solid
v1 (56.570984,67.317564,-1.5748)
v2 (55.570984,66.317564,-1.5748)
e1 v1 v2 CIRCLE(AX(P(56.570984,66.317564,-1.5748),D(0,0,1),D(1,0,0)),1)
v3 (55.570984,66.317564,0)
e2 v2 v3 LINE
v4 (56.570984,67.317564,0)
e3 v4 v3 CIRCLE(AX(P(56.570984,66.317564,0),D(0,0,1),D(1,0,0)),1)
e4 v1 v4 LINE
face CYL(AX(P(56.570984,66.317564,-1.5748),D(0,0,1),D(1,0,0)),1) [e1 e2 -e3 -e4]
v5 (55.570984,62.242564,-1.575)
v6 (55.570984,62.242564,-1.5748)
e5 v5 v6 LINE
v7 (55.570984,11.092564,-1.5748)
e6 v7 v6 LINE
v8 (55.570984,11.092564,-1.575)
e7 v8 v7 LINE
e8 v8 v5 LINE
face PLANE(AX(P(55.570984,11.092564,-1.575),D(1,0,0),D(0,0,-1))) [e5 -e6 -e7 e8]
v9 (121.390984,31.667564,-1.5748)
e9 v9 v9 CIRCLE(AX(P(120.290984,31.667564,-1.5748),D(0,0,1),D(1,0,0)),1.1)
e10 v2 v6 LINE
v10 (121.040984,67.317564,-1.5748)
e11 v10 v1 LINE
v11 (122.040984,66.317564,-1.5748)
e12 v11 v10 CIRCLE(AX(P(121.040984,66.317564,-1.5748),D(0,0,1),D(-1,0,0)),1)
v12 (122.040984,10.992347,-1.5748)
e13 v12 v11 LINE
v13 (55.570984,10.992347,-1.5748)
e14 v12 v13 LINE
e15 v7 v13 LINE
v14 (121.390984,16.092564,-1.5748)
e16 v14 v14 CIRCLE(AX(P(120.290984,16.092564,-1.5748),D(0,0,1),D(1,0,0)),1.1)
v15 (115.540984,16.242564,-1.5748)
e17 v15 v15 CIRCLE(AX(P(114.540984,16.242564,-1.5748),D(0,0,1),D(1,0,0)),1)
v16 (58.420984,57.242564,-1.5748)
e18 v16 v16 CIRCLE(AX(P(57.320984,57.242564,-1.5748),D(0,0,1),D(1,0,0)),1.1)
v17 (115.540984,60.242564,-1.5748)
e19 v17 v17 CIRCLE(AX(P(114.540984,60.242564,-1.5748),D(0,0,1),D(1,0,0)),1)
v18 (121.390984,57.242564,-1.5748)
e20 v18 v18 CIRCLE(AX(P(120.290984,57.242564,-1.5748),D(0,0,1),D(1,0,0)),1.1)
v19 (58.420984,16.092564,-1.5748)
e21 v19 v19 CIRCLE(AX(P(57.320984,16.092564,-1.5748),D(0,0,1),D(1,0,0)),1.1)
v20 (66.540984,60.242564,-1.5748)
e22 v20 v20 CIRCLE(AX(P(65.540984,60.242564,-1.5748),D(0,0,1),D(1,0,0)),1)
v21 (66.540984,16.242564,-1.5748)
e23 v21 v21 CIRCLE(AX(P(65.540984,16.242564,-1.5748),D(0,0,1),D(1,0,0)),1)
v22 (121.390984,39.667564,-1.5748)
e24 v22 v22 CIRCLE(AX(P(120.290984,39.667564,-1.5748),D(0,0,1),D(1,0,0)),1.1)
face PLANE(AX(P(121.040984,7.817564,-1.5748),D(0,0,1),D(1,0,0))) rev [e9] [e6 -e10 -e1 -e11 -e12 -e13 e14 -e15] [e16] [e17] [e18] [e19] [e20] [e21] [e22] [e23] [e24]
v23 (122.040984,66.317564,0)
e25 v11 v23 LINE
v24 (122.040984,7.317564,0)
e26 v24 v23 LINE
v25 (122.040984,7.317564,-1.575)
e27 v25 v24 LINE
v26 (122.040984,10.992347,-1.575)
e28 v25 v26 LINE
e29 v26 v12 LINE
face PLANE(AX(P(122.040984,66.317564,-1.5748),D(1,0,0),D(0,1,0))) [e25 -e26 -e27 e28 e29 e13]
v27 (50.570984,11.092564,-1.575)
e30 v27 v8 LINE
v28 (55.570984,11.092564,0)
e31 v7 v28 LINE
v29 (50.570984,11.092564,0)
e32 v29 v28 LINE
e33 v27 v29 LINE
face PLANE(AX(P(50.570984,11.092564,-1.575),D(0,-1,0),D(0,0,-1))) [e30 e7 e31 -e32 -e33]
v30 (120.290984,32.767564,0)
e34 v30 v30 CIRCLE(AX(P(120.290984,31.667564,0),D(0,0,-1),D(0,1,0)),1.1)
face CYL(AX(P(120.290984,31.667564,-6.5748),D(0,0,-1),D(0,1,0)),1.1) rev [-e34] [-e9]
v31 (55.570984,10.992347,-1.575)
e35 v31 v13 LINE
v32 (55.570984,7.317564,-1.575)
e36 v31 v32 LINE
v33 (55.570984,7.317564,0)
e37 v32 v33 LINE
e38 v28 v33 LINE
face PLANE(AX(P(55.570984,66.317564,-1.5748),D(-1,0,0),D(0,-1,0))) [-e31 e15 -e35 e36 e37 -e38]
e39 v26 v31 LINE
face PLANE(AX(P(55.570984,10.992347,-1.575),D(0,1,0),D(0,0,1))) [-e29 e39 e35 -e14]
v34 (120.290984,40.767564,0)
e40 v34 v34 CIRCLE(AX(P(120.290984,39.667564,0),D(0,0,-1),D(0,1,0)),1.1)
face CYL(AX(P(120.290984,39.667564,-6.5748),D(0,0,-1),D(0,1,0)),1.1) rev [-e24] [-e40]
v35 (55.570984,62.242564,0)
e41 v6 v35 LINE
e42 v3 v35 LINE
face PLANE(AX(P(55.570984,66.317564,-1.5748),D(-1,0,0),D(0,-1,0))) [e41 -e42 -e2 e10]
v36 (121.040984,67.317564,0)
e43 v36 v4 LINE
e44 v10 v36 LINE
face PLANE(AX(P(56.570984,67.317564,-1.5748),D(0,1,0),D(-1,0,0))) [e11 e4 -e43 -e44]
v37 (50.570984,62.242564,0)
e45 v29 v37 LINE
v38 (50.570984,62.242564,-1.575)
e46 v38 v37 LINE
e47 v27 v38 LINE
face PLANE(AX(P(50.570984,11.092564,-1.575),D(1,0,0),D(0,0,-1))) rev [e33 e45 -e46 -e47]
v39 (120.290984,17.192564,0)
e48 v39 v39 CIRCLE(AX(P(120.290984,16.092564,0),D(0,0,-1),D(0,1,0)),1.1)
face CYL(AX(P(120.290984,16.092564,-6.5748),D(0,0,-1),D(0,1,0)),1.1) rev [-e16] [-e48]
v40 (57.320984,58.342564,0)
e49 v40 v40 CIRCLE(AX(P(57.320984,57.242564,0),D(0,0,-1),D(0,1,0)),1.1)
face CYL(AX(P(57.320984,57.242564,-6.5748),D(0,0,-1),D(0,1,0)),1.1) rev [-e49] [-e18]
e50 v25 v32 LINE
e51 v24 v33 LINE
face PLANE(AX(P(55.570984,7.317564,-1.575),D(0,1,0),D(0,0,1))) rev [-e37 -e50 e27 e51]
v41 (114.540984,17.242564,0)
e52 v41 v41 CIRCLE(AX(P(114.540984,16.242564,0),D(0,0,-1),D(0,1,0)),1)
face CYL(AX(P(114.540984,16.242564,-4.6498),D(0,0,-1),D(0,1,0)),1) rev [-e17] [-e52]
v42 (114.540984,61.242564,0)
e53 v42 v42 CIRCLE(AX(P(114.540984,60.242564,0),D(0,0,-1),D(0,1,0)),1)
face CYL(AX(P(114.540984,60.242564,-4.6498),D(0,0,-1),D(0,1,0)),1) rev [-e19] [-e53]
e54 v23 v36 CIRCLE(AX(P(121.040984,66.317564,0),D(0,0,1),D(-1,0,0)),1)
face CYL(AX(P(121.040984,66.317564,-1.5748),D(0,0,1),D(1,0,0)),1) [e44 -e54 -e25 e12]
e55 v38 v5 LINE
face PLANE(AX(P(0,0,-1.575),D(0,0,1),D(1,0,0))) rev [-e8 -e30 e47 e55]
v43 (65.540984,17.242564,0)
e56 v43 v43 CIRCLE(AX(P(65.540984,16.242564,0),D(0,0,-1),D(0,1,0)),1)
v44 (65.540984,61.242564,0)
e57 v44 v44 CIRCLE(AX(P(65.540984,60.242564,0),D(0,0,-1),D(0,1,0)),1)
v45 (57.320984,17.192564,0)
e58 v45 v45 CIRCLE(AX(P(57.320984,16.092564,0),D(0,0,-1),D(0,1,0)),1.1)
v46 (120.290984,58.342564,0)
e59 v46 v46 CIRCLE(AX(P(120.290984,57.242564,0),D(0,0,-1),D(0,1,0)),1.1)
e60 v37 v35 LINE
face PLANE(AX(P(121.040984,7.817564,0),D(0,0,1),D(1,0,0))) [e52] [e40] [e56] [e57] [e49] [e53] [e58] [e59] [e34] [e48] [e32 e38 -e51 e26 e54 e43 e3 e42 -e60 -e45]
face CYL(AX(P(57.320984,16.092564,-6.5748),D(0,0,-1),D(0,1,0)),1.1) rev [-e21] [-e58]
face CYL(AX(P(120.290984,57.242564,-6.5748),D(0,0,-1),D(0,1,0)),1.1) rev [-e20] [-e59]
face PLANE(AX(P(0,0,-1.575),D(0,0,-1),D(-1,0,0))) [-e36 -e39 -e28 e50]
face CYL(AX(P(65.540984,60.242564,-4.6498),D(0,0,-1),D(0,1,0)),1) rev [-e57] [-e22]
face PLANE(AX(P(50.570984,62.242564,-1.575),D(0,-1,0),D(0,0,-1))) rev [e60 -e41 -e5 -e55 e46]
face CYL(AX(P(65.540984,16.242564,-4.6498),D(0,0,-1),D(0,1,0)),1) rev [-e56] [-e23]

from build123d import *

# Parameters (mm, degrees)
BOSS_EXTRUDE1_DEPTH   = 1.5748
SKETCH10_W            = 66.47
SKETCH10_H            = 4.17478322
BOSS_EXTRUDE3_DEPTH   = 1.575
SKETCH11_W            = 66.47
SKETCH11_H            = 0.5
CUT_EXTRUDE2_DEPTH    = 140.38485176
M2_CLEARANCE_HOLE1_D  = 2.2
F_2_0MM_DOWEL_HOLE1_D = 2
SKETCH12_W            = 5
SKETCH12_H            = 51.15
BOSS_EXTRUDE4_DEPTH   = 1.575


with BuildPart() as part:
    # BPR2 PCB Outline → Boss-Extrude1 (new body)
    with BuildSketch(Plane.XY):
        with BuildLine():
            Line((56.570984325, 67.317563979), (121.040984325, 67.317563979))
            ThreePointArc((121.040984325, 67.317563979), (121.748091106, 67.02467076), (122.040984325, 66.317563979))
            Line((122.040984325, 66.317563979), (122.040984325, 7.817563979))
            ThreePointArc((122.040984325, 7.817563979), (121.748091106, 7.110457198), (121.040984325, 6.817563979))
            Line((121.040984325, 6.817563979), (103.596984325, 6.817563979))
            Line((103.596984325, 6.817563979), (83.596984325, 6.817563979))
            Line((83.596984325, 6.817563979), (55.570984325, 6.817563979))
            Line((55.570984325, 6.817563979), (55.570984325, 66.317563979))
            ThreePointArc((55.570984325, 66.317563979), (55.863877543, 67.02467076), (56.570984325, 67.317563979))
        make_face()
    extrude(amount=-BOSS_EXTRUDE1_DEPTH)

    # Sketch10 → Boss-Extrude3 (add)
    with BuildSketch(Plane.XY):
        with Locations((88.805984325, 8.904955589)):
            Rectangle(SKETCH10_W, SKETCH10_H)
    extrude(amount=-BOSS_EXTRUDE3_DEPTH)

    # Sketch11 → Cut-Extrude2 (cut, through all)
    with BuildSketch(Plane.XY):
        with Locations((88.805984325, 7.067563979)):
            Rectangle(SKETCH11_W, SKETCH11_H)
    extrude(amount=-CUT_EXTRUDE2_DEPTH, mode=Mode.SUBTRACT)

    # M2 Clearance Hole1 (through all)
    with Locations(Plane(origin=(39.260906477, 104.204612391, -6.5748), x_dir=(1, 0, 0), z_dir=(0, 0, -1))):
        with Locations((81.030077848, 88.112048412), (81.030077848, 72.537048412), (81.030077848, 64.537048412), (81.030077848, 46.962048412), (18.060077848, 46.962048412), (18.060077848, 88.112048412)):
            Hole(M2_CLEARANCE_HOLE1_D / 2)

    # Ø2.0mm Dowel Hole1 (through all)
    with Locations(Plane(origin=(39.260906477, 104.204612391, -4.6498), x_dir=(1, 0, 0), z_dir=(0, 0, -1))):
        with Locations((26.280077848, 87.962048412), (26.280077848, 43.962048412), (75.280077848, 43.962048412), (75.280077848, 87.962048412)):
            Hole(F_2_0MM_DOWEL_HOLE1_D / 2)

    # Sketch12 → Boss-Extrude4 (add, through all)
    with BuildSketch(Plane.XY):
        with Locations((53.070984325, 36.667563979)):
            Rectangle(SKETCH12_W, SKETCH12_H)
    extrude(amount=-BOSS_EXTRUDE4_DEPTH)


solid = part.part
